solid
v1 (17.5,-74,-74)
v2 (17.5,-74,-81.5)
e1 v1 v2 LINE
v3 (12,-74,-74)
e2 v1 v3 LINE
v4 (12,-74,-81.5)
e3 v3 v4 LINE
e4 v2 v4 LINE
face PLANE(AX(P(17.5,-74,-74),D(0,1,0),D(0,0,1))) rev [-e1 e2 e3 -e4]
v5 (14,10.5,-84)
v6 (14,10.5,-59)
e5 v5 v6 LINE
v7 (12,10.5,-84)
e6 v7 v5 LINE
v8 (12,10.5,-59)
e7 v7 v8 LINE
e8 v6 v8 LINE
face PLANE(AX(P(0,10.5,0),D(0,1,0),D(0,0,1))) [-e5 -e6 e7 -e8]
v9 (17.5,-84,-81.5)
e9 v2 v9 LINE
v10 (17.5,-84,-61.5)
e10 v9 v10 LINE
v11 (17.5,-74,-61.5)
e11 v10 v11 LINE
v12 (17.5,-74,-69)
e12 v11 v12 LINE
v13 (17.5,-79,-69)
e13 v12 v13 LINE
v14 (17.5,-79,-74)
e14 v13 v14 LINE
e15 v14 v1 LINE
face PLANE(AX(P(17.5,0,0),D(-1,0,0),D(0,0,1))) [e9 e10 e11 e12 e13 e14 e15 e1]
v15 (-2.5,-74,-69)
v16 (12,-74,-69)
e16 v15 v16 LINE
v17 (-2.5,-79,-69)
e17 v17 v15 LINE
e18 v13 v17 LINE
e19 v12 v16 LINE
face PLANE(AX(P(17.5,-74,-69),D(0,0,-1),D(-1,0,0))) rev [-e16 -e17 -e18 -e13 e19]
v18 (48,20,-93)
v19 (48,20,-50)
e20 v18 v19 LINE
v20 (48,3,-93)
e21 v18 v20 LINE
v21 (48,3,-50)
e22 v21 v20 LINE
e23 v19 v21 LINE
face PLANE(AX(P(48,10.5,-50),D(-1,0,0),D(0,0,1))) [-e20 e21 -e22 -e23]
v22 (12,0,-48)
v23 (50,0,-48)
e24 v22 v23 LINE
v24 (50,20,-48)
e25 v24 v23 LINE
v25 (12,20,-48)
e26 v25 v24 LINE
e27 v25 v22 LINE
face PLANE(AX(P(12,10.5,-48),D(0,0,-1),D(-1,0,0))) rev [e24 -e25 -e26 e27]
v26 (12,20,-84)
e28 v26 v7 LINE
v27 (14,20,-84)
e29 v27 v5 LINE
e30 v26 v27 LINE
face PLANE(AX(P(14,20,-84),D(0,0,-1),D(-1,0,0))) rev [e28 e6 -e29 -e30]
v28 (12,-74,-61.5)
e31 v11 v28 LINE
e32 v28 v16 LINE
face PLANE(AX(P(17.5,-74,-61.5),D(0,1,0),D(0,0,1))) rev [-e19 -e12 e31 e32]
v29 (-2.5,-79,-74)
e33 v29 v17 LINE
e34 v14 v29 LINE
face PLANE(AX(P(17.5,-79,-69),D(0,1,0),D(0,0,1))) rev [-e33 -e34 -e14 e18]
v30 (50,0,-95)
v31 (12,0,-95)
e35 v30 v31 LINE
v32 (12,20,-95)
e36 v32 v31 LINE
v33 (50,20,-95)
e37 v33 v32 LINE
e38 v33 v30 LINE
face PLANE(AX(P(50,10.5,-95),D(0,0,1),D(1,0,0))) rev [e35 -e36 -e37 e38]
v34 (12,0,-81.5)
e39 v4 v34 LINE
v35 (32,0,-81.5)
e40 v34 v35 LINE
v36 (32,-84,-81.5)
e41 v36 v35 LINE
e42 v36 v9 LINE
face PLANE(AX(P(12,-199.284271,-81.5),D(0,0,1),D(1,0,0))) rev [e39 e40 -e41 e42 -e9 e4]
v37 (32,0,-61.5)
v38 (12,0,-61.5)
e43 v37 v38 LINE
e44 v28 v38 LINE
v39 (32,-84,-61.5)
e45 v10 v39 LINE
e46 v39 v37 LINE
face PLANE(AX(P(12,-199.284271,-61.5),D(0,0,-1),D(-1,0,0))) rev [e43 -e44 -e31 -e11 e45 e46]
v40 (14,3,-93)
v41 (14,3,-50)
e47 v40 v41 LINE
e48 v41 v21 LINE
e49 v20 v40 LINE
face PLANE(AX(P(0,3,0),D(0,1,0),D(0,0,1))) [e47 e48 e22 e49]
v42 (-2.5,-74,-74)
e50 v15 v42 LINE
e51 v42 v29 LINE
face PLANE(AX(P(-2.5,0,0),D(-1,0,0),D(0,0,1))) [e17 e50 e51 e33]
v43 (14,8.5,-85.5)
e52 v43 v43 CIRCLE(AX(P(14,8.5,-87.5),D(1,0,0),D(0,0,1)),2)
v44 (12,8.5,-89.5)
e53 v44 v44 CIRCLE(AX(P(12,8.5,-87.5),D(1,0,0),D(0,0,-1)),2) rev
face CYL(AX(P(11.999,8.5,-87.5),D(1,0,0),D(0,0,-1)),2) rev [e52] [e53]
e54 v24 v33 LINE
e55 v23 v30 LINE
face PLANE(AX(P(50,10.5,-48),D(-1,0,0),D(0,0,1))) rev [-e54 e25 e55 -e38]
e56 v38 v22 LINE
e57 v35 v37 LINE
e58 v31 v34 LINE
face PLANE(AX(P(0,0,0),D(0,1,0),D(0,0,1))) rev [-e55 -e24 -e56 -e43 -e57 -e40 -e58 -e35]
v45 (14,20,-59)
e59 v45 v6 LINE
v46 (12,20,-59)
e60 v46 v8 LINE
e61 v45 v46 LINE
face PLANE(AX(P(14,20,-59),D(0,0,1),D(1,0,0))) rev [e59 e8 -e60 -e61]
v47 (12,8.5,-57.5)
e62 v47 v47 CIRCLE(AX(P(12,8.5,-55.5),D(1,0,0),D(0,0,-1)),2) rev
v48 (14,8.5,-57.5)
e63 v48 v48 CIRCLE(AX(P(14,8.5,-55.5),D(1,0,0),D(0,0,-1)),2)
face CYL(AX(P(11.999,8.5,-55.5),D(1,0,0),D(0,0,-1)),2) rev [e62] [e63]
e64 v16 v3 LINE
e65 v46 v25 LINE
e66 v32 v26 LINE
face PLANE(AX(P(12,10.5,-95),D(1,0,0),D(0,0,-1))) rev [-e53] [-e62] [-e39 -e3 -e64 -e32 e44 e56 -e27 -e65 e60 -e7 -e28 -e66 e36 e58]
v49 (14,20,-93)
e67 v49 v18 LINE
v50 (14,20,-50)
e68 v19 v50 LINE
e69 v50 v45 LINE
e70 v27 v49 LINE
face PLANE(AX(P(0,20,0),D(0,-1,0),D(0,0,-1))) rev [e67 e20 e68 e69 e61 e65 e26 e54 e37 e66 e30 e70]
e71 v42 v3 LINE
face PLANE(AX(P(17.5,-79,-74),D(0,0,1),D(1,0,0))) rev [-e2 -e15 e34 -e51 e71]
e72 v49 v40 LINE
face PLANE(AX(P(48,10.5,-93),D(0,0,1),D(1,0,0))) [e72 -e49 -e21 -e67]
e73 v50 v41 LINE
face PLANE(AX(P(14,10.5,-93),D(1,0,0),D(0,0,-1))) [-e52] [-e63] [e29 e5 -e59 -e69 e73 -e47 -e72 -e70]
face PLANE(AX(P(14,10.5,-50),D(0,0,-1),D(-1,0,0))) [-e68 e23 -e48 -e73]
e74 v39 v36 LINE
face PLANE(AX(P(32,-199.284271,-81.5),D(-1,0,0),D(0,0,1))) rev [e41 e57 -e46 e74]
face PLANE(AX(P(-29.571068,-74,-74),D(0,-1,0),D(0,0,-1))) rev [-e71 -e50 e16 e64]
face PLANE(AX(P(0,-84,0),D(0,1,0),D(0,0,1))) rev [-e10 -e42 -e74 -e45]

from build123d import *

# Parameters (mm, degrees)
SKETCH3_W            = 38
SKETCH3_H            = 47
SKETCH3_W_2          = 34
SKETCH3_H_2          = 43
BOSS_EXTRUDE4_DEPTH  = 10.5
SKETCH1_W            = 34
SKETCH1_H            = 43
BOSS_EXTRUDE5_DEPTH  = 3
BOSS_EXTRUDE6_DEPTH  = 9.5
CUT_EXTRUDE1_REACH   = 4
SKETCH6_R            = 2
SKETCH8_W            = 20
SKETCH8_H            = 20
BOSS_EXTRUDE7_DEPTH  = 84
CUT_EXTRUDE2_DEPTH   = 5.5
SKETCH12_W           = 5
SKETCH12_H           = 5
BOSS_EXTRUDE11_DEPTH = 14.5


with BuildPart() as part:
    # Sketch3 → Boss-Extrude4 (new body)
    with BuildSketch(Plane(origin=(0, 0, 0), x_dir=(1, 0, 0), z_dir=(0, 1, 0))):
        with Locations((31, 71.5)):
            Rectangle(SKETCH3_W, SKETCH3_H)
        with Locations((31, 71.5)):
            Rectangle(SKETCH3_W_2, SKETCH3_H_2, mode=Mode.SUBTRACT)
    extrude(amount=BOSS_EXTRUDE4_DEPTH)

    # Sketch1 → Boss-Extrude5 (add)
    with BuildSketch(Plane(origin=(0, 0, 0), x_dir=(1, 0, 0), z_dir=(0, 1, 0))):
        with Locations((31, 71.5)):
            Rectangle(SKETCH1_W, SKETCH1_H)
    extrude(amount=BOSS_EXTRUDE5_DEPTH)

    # Sketch7 → Boss-Extrude6 (add)
    with BuildSketch(Plane(origin=(0, 10.5, 0), x_dir=(1, 0, 0), z_dir=(0, 1, 0))):
        Polygon((14, 50), (14, 59), (12, 59), (12, 48), (50, 48), (50, 95), (12, 95), (12, 84), (14, 84), (14, 93), (48, 93), (48, 50), align=None)
    extrude(amount=BOSS_EXTRUDE6_DEPTH)

    # Sketch6 → Cut-Extrude1 (cut, up to next)
    with BuildSketch(Plane(origin=(14, 0, 0), x_dir=(0, 0, -1), z_dir=(1, 0, 0)), mode=Mode.PRIVATE) as cut_extrude1_sk1:
        with Locations((55.5, 8.5)):
            Circle(SKETCH6_R)
    cut_extrude1_tool1 = extrude(cut_extrude1_sk1.sketch, amount=-CUT_EXTRUDE1_REACH, mode=Mode.PRIVATE) & part.part
    add(cut_extrude1_tool1.solids().sort_by_distance((14, 8.5, -55.5))[0], mode=Mode.SUBTRACT)
    # Sketch6 → Cut-Extrude1 (cut, up to next)
    with BuildSketch(Plane(origin=(14, 0, 0), x_dir=(0, 0, -1), z_dir=(1, 0, 0)), mode=Mode.PRIVATE) as cut_extrude1_sk2:
        with Locations((87.5, 8.5)):
            Circle(SKETCH6_R)
    cut_extrude1_tool2 = extrude(cut_extrude1_sk2.sketch, amount=-CUT_EXTRUDE1_REACH, mode=Mode.PRIVATE) & part.part
    add(cut_extrude1_tool2.solids().sort_by_distance((14, 8.5, -87.5))[0], mode=Mode.SUBTRACT)

    # Sketch8 → Boss-Extrude7 (add)
    with BuildSketch(Plane.XZ):
        with Locations((22, -71.5)):
            Rectangle(SKETCH8_W, SKETCH8_H)
    extrude(amount=BOSS_EXTRUDE7_DEPTH)

    # Sketch11 → Cut-Extrude2 (cut)
    with BuildSketch(Plane.ZY.offset(-12)):
        Polygon((-74, -74), (-81.5, -74), (-81.5, -84), (-61.5, -84), (-61.5, -74), (-69, -74), (-69, -79), (-74, -79), align=None)
    extrude(amount=-CUT_EXTRUDE2_DEPTH, mode=Mode.SUBTRACT)

    # Sketch12 → Boss-Extrude11 (add)
    with BuildSketch(Plane.ZY.offset(-12)):
        with Locations((-71.5, -76.5)):
            Rectangle(SKETCH12_W, SKETCH12_H)
    extrude(amount=BOSS_EXTRUDE11_DEPTH)


solid = part.part
